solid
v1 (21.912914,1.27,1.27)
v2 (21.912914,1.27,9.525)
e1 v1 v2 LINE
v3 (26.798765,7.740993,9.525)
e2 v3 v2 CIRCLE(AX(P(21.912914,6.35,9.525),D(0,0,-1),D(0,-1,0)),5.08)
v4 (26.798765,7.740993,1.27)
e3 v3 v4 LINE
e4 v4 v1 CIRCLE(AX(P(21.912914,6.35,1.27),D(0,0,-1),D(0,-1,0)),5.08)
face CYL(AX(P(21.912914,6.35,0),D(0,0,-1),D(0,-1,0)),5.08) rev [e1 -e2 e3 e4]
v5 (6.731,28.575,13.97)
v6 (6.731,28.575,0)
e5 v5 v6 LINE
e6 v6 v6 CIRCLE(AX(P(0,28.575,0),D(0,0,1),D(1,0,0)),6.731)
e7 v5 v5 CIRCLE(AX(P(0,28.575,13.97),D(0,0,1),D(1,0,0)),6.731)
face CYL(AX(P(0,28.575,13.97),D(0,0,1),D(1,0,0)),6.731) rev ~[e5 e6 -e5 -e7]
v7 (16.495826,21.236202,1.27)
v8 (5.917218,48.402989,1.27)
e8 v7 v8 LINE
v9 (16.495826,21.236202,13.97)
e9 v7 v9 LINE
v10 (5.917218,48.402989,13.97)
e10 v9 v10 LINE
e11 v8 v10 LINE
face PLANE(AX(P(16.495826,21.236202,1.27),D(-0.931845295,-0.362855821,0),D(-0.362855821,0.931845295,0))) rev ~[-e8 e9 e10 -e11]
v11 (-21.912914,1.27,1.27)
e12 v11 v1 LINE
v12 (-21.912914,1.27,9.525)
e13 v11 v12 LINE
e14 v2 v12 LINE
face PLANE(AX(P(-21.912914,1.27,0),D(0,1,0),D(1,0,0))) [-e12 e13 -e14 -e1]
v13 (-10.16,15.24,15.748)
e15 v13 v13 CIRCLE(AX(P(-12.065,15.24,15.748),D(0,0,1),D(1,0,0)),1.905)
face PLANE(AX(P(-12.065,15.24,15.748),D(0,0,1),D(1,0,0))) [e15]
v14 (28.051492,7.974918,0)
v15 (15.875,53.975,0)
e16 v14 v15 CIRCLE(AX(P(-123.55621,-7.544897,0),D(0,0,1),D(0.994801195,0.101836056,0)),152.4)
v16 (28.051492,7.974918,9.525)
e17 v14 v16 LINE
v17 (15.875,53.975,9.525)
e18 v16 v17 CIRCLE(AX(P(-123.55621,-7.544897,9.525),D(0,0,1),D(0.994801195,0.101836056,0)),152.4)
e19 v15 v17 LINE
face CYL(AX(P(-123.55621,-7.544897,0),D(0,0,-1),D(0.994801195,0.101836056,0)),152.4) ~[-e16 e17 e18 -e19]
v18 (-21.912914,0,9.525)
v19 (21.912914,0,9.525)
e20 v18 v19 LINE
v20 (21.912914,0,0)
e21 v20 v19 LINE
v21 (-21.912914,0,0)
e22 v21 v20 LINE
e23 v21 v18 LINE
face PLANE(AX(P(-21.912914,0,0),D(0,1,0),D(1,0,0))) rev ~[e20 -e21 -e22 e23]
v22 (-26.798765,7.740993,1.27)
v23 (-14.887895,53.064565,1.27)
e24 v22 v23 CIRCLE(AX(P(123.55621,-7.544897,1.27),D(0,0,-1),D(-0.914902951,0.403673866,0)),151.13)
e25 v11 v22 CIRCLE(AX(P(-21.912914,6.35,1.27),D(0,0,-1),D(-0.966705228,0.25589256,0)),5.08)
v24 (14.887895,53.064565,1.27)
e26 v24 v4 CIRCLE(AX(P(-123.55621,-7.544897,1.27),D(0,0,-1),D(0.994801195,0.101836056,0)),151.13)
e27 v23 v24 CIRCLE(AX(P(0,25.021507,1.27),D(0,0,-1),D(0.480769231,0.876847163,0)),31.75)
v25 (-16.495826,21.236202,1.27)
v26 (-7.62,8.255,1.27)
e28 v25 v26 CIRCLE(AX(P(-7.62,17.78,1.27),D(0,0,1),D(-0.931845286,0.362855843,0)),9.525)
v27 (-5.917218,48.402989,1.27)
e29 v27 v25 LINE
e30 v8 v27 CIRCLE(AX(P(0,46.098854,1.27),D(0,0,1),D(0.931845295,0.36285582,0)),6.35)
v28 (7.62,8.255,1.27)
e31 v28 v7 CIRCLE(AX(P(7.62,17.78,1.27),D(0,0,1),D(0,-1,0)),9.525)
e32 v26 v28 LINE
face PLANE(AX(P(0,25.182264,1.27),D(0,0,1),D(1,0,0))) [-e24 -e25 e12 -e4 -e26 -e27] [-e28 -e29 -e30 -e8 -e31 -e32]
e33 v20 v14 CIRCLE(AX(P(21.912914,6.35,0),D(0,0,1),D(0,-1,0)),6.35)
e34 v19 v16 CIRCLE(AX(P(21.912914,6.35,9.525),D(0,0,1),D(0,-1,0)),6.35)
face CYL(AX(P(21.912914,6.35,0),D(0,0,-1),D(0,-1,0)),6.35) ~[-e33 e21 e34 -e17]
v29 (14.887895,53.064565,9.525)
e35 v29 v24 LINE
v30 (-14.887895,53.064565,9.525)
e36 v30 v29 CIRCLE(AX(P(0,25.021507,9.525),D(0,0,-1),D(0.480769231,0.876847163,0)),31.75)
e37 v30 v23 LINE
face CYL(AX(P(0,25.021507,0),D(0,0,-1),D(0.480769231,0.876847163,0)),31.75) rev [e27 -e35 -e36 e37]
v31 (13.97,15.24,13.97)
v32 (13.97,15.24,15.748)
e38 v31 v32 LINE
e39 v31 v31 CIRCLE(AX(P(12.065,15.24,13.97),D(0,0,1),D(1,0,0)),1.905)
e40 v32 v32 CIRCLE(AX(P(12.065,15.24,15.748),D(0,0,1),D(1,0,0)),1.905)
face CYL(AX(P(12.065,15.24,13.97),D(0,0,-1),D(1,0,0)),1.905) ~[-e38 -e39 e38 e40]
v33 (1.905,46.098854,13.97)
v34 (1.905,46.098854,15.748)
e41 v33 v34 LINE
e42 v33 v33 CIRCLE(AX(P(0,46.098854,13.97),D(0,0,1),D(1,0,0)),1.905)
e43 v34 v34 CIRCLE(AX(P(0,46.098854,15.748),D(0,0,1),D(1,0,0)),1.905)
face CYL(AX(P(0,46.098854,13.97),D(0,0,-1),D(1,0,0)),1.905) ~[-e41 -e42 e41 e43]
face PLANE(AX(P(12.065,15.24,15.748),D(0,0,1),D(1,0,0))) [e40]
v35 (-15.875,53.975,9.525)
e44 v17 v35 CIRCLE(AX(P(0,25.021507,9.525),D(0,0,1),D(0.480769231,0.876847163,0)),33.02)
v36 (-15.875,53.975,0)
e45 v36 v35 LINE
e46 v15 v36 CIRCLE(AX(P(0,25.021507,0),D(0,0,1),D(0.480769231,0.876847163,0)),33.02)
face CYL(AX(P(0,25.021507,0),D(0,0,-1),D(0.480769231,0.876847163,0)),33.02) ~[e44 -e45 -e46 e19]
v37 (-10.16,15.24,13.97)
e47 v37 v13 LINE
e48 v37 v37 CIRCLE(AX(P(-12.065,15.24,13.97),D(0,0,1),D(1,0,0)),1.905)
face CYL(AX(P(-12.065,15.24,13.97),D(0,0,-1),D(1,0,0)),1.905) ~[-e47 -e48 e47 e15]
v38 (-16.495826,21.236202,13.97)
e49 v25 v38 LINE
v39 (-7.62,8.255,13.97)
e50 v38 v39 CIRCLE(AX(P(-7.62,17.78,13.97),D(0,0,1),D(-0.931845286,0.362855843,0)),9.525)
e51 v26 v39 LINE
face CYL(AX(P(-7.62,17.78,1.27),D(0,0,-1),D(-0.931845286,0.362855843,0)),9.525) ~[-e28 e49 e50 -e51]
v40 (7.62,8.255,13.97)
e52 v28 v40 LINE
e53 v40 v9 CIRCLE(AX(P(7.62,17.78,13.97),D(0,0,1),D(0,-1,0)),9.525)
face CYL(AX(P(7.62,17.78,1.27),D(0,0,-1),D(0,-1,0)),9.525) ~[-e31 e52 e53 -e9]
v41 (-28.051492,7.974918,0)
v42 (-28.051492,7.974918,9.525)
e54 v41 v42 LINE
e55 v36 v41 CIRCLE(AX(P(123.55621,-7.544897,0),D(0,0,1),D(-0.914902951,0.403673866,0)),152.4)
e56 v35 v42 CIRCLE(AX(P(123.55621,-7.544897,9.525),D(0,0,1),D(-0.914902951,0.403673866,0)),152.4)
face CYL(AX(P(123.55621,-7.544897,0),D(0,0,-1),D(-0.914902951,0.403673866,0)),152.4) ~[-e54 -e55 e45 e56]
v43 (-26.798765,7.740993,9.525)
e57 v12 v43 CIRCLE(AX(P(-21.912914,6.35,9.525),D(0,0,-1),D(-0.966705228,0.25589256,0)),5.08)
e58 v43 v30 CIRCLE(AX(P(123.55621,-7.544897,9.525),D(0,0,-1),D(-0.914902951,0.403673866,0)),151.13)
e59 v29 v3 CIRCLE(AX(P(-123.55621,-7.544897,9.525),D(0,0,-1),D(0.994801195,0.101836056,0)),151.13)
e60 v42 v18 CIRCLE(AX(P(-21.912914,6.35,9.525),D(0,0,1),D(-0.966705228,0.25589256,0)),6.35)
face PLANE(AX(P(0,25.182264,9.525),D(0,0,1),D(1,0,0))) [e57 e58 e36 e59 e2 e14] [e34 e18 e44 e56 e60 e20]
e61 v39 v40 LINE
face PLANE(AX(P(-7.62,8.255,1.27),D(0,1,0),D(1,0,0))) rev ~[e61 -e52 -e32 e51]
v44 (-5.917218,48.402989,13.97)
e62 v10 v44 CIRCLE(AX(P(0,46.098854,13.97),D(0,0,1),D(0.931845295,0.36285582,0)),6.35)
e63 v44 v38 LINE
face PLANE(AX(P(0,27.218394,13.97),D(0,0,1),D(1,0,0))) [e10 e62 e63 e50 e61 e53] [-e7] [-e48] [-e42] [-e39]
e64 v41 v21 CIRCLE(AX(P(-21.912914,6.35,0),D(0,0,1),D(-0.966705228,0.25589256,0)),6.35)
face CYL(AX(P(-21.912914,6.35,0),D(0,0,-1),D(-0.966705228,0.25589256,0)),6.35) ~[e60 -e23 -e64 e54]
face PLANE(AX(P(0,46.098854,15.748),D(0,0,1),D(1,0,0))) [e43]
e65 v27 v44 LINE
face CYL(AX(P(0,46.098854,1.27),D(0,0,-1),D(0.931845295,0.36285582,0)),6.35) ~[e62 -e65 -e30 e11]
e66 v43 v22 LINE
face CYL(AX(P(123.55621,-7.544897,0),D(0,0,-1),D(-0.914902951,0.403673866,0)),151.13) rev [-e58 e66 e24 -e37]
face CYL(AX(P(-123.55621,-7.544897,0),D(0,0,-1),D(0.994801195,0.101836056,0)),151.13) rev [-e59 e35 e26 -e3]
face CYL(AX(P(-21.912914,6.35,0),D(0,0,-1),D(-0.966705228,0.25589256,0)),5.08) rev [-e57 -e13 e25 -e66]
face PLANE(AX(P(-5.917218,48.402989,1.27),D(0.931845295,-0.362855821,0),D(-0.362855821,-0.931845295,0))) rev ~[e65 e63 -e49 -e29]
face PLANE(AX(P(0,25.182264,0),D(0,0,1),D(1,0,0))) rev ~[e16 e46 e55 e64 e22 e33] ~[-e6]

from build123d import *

# Parameters (mm, degrees)
F1_DEPTH = 9.525
F2_T     = -1.27
F4_DEPTH = 12.7
F5_R     = 1.905
F6_DEPTH = 1.778
F5_R_2   = 6.731
F7_DEPTH = 13.971


with BuildPart() as f1:
    # F0 (on Top) → F1 (new body)
    with BuildSketch(Plane.XY):
        with BuildLine():
            ThreePointArc((-28.0514923582, 7.974917758), (-26.9448485688, 2.4767408919), (-21.9129141613, 0))
            Line((-21.9129141613, 0), (21.9129141613, 0))
            ThreePointArc((21.9129141613, 0), (26.9448485688, 2.4767408919), (28.0514923582, 7.974917758))
            ThreePointArc((28.0514923582, 7.974917758), (23.7696669498, 31.453129083), (15.875, 53.975))
            ThreePointArc((15.875, 53.975), (0, 58.0415066874), (-15.875, 53.975))
            ThreePointArc((-15.875, 53.975), (-23.7696669498, 31.453129083), (-28.0514923582, 7.974917758))
        make_face()
    extrude(amount=F1_DEPTH)

    # F2
    f2_openings = [f1.faces().sort_by_distance(p)[0] for p in [
        (0, 25.796964, 9.525),
    ]]
    offset(amount=F2_T, openings=f2_openings, kind=Kind.INTERSECTION)

    # F3 (on face) → F4 (join)
    with BuildSketch(Plane.XY.offset(1.27)):
        with BuildLine():
            Line((16.4958264334, 21.2362016904), (5.9172176222, 48.402988853))
            ThreePointArc((5.9172176222, 48.402988853), (0, 52.4488543928), (-5.9172176222, 48.402988853))
            Line((-5.9172176222, 48.402988853), (-16.4958263497, 21.2362019052))
            ThreePointArc((-16.4958263497, 21.2362019052), (-15.4827586809, 12.4038814256), (-7.62, 8.255))
            Line((-7.62, 8.255), (7.62, 8.255))
            ThreePointArc((7.62, 8.255), (15.4827586158, 12.4038813304), (16.4958264334, 21.2362016904))
        make_face()
    extrude(amount=F4_DEPTH)

    # F5 (on face) → F6 (join)
    with BuildSketch(Plane.XY.offset(13.97)):
        with Locations((0, 46.0988543928)):
            Circle(F5_R)
        with Locations((-12.065, 15.24)):
            Circle(F5_R)
        with Locations((12.065, 15.24)):
            Circle(F5_R)
    extrude(amount=F6_DEPTH)

    # F5 (on face) → F7 (cut, through all)
    with BuildSketch(Plane.XY.offset(13.97)):
        with Locations((0, 28.575)):
            Circle(F5_R_2)
    extrude(amount=-F7_DEPTH, mode=Mode.SUBTRACT)


solid = f1.part
